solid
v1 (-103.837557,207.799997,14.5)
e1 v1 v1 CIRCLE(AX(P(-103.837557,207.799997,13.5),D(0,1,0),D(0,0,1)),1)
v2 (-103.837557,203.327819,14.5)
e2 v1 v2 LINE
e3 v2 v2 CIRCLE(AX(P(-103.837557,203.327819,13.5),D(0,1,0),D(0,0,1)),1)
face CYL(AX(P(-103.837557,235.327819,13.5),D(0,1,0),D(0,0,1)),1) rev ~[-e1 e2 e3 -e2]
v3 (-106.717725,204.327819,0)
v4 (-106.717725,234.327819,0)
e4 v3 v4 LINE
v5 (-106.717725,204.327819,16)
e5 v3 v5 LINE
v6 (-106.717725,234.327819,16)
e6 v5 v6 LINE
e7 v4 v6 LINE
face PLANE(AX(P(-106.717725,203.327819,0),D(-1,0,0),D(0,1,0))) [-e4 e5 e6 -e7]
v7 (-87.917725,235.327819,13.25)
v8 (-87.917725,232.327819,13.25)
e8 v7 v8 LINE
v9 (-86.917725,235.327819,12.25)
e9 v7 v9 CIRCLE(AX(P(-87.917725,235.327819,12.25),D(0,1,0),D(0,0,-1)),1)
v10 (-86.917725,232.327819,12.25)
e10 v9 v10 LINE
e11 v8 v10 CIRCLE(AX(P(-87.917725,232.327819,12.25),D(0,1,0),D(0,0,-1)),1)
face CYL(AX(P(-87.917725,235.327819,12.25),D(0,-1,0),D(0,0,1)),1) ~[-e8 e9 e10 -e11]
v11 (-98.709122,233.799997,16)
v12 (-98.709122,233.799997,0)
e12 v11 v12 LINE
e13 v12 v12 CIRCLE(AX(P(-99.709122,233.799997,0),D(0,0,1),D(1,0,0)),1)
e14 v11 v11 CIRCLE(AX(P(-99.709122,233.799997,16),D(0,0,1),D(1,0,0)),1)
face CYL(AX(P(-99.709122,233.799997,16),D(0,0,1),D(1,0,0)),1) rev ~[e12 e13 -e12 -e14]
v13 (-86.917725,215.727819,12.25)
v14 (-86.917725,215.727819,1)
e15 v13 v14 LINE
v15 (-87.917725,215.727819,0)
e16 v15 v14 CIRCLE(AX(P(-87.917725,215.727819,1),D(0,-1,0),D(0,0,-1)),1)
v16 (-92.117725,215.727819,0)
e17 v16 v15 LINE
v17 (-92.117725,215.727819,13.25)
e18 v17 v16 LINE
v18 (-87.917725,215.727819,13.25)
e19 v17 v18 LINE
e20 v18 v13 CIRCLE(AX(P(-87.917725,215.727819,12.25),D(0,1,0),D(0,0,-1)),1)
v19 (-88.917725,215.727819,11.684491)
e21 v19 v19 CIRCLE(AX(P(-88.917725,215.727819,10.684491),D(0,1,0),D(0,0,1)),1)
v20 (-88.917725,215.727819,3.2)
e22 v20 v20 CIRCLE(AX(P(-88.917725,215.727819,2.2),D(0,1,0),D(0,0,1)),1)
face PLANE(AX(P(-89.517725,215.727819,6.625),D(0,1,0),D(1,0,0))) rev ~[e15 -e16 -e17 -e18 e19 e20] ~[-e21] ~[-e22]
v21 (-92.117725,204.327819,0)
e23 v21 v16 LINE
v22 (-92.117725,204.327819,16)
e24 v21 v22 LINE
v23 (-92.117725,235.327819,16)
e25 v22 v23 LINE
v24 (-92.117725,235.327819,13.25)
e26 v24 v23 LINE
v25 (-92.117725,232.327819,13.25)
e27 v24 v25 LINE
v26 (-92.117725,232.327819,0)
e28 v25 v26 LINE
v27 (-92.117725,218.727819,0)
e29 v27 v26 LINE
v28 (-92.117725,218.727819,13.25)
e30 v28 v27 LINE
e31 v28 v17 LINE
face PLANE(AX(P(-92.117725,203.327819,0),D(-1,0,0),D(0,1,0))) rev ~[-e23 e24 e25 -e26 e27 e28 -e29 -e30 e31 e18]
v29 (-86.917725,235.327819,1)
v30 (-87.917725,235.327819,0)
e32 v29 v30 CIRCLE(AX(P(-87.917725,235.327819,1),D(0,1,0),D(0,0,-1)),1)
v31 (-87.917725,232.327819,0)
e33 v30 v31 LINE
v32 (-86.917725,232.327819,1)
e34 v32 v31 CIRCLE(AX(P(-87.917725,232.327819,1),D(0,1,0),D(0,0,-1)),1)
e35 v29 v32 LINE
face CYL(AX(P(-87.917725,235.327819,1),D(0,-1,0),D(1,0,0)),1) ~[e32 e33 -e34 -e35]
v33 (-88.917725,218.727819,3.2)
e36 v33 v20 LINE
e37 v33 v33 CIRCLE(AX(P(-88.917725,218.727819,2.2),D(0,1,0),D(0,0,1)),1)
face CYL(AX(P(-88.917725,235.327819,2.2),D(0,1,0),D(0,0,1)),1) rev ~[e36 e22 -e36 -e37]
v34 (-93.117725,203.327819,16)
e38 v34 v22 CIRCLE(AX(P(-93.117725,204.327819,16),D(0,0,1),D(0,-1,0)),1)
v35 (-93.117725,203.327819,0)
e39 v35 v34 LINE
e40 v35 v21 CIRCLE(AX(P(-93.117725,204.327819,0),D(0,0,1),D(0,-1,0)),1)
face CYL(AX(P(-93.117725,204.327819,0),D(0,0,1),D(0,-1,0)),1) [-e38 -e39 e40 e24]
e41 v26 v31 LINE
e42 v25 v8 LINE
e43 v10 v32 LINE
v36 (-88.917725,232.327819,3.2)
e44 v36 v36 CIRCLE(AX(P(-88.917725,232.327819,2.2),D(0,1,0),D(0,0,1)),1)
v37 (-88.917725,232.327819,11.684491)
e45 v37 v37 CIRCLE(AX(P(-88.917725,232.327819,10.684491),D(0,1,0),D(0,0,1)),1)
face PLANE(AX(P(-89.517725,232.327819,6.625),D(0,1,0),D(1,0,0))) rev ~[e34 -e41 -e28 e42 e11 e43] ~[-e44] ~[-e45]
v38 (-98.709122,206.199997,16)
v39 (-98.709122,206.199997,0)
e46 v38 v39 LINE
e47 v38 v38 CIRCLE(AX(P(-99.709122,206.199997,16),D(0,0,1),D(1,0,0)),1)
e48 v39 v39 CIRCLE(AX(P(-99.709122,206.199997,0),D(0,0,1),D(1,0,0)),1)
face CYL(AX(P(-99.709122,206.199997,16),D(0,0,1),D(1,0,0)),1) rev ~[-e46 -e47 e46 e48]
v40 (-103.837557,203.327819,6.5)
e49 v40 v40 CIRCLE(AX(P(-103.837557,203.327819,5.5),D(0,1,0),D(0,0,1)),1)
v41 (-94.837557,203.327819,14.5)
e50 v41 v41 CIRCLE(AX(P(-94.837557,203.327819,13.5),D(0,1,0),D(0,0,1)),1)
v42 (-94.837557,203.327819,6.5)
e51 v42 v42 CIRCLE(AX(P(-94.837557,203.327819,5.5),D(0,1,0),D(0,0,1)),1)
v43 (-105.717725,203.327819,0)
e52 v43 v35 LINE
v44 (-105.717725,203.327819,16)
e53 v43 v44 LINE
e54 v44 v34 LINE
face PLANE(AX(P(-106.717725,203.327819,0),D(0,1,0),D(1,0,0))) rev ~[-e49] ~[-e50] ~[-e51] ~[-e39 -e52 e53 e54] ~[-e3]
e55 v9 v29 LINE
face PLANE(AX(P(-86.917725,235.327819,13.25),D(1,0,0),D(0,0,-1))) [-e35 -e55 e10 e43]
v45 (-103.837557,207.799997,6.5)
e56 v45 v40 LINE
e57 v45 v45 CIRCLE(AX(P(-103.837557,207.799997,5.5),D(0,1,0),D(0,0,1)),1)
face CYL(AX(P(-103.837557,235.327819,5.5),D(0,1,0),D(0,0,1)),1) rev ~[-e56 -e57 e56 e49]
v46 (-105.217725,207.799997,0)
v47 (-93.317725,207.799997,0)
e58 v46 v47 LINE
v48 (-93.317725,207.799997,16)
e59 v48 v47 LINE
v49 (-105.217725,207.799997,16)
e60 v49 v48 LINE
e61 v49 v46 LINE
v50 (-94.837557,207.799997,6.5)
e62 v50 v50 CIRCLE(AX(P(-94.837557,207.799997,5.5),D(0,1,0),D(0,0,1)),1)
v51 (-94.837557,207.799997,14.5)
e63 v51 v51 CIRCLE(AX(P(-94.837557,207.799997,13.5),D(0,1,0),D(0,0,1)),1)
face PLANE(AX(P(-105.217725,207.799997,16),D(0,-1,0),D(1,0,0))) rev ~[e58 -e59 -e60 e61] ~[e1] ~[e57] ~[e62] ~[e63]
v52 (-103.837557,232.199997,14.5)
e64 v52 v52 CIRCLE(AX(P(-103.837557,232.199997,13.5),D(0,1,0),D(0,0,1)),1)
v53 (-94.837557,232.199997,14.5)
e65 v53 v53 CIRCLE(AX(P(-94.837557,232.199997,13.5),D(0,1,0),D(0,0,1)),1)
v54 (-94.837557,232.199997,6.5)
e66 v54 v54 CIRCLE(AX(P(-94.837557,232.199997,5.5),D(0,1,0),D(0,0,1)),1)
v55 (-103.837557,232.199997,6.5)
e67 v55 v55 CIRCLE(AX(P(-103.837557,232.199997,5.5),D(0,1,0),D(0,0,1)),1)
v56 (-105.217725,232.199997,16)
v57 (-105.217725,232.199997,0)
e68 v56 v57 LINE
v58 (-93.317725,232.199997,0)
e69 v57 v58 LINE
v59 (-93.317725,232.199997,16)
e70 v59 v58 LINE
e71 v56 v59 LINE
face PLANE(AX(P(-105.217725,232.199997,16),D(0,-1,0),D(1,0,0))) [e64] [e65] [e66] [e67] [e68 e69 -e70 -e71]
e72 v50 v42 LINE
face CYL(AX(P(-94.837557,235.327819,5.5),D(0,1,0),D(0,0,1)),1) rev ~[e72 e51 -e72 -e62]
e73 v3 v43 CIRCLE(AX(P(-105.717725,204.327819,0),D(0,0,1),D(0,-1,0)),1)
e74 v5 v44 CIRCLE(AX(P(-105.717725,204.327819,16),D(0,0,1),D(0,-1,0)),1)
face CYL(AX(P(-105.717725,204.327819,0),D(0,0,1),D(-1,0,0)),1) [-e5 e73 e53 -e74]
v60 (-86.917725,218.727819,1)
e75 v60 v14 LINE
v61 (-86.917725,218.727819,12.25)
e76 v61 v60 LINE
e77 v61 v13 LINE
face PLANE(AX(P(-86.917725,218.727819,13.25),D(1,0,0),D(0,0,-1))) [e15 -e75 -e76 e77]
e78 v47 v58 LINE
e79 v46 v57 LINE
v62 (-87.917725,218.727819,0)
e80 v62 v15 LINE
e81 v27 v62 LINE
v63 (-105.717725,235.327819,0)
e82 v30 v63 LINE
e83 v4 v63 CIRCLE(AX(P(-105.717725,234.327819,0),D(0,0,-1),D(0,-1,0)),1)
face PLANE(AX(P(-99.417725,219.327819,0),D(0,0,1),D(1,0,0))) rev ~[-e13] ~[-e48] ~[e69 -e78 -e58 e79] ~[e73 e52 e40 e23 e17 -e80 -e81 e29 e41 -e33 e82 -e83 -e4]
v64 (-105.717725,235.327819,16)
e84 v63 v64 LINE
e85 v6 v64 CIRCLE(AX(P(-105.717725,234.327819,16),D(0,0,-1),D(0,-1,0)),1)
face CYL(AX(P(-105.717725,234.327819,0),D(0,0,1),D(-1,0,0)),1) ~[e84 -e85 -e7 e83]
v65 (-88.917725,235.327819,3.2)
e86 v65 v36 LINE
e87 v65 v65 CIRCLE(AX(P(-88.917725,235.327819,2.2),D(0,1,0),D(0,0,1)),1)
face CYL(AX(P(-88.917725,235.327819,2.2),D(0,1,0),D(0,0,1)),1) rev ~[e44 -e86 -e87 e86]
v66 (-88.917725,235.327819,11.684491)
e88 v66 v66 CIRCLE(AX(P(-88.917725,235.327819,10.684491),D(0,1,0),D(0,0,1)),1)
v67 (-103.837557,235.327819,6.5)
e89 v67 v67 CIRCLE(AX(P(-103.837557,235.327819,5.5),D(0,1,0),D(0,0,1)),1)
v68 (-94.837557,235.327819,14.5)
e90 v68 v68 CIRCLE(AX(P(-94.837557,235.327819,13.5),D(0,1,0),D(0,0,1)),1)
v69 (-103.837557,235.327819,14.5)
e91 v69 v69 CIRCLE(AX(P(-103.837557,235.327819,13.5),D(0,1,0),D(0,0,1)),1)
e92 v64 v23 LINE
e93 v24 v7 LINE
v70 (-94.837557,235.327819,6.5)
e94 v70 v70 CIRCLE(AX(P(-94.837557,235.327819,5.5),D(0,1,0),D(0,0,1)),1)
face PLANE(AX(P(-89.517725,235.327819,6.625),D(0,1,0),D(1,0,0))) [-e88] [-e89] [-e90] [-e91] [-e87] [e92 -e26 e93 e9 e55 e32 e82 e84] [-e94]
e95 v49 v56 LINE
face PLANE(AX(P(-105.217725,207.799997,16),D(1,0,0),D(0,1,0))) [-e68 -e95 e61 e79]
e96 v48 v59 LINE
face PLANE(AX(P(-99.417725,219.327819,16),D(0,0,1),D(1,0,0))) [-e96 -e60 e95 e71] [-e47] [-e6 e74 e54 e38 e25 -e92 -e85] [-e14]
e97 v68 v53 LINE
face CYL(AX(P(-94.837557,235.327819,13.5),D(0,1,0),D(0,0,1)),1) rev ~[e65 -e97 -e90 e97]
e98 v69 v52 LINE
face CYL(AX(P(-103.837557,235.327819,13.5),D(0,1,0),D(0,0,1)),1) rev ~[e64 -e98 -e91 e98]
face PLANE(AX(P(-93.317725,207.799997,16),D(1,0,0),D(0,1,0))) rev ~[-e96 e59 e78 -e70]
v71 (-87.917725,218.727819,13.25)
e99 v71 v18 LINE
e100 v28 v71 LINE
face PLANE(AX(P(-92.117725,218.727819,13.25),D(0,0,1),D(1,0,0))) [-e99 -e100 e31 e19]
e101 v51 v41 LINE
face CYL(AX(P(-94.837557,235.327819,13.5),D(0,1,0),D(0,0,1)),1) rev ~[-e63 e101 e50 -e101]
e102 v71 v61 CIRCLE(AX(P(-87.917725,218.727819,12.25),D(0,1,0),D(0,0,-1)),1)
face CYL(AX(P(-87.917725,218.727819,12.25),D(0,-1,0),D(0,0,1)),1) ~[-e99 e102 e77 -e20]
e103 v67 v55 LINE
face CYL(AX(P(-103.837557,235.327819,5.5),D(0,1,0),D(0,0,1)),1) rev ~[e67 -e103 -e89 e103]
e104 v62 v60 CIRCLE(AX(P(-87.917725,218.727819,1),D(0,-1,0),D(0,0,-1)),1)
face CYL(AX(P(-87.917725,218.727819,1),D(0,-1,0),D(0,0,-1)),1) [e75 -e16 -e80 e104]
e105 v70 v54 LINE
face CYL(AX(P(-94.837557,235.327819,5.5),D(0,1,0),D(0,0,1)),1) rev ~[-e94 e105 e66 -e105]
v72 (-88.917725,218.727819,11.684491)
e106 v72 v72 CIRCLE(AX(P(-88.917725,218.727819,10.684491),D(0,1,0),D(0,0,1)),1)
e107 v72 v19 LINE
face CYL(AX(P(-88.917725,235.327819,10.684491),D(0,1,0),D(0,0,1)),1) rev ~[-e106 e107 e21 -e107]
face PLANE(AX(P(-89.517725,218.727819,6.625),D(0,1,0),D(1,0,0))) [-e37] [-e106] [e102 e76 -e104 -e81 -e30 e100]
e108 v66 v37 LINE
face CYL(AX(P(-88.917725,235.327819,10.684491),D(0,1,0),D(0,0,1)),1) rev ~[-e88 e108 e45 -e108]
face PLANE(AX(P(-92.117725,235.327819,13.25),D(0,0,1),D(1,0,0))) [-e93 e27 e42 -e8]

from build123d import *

# Parameters (mm, degrees)
SKETCH2_W           = 14.6
SKETCH2_H           = 32
BOSS_EXTRUDE1_DEPTH = 16
FILLET1_R           = 1
SKETCH3_W           = 11.9
SKETCH3_H           = 24.4
CUT_EXTRUDE1_DEPTH  = 16
SKETCH4_R           = 1
CUT_EXTRUDE2_DEPTH  = 16
SKETCH5_R           = 1
CUT_EXTRUDE3_DEPTH  = 113.555199241
SKETCH6_W           = 5.2
SKETCH6_H           = 13.25
BOSS_EXTRUDE2_DEPTH = 3
SKETCH7_W           = 5.2
SKETCH7_H           = 13.25
BOSS_EXTRUDE3_DEPTH = 3
SKETCH8_R           = 1
CUT_EXTRUDE4_DEPTH  = 33
FILLET2_R           = 1


with BuildPart() as part:
    # Sketch2 → Boss-Extrude1 (new body)
    with BuildSketch(Plane.XY):
        with Locations((-99.41772522, 219.327818509)):
            Rectangle(SKETCH2_W, SKETCH2_H)
    extrude(amount=BOSS_EXTRUDE1_DEPTH)

    # Fillet1
    fillet1_edges = [part.edges().sort_by_distance(p)[0] for p in [
        (-106.71772522, 235.327818509, 8),
        (-92.11772522, 203.327818509, 8),
        (-106.71772522, 203.327818509, 8),
    ]]
    fillet(fillet1_edges, radius=FILLET1_R)

    # Sketch3 → Cut-Extrude1 (cut)
    with BuildSketch(Plane.XY.offset(16)):
        with Locations((-99.26772522, 219.999996948)):
            Rectangle(SKETCH3_W, SKETCH3_H)
    extrude(amount=-CUT_EXTRUDE1_DEPTH, mode=Mode.SUBTRACT)

    # Sketch4 → Cut-Extrude2 (cut)
    with BuildSketch(Plane.XY.offset(16)):
        with Locations((-99.709122305, 233.799996948)):
            Circle(SKETCH4_R)
        with Locations((-99.709122305, 206.199996948)):
            Circle(SKETCH4_R)
    extrude(amount=-CUT_EXTRUDE2_DEPTH, mode=Mode.SUBTRACT)

    # Sketch5 → Cut-Extrude3 (cut, through all)
    with BuildSketch(Plane(origin=(0, 235.327818509, 0), x_dir=(1, 0, 0), z_dir=(0, 1, 0))):
        with Locations(Location((-103.837557169, -5.5, 0), (0, 0, 270))):
            Circle(SKETCH5_R)
        with Locations(Location((-94.837557169, -5.5, 0), (0, 0, 270))):
            Circle(SKETCH5_R)
        with Locations(Location((-94.837557169, -13.5, 0), (0, 0, 270))):
            Circle(SKETCH5_R)
        with Locations(Location((-103.837557169, -13.5, 0), (0, 0, 270))):
            Circle(SKETCH5_R)
    extrude(amount=-CUT_EXTRUDE3_DEPTH, mode=Mode.SUBTRACT)

    # Sketch6 → Boss-Extrude2 (add)
    with BuildSketch(Plane(origin=(0, 235.327818509, 0), x_dir=(1, 0, 0), z_dir=(0, 1, 0))):
        with Locations((-89.51772522, -6.625)):
            Rectangle(SKETCH6_W, SKETCH6_H)
    extrude(amount=-BOSS_EXTRUDE2_DEPTH)

    # Sketch7 → Boss-Extrude3 (add)
    with BuildSketch(Plane(origin=(0, 218.727818509, 0), x_dir=(1, 0, 0), z_dir=(0, 1, 0))):
        with Locations((-89.51772522, -6.625)):
            Rectangle(SKETCH7_W, SKETCH7_H)
    extrude(amount=-BOSS_EXTRUDE3_DEPTH)

    # Sketch8 → Cut-Extrude4 (cut)
    with BuildSketch(Plane(origin=(0, 235.327818509, 0), x_dir=(1, 0, 0), z_dir=(0, 1, 0))):
        with Locations(Location((-88.91772522, -2.2, 0), (0, 0, 270))):
            Circle(SKETCH8_R)
        with Locations(Location((-88.91772522, -10.684490828, 0), (0, 0, 270))):
            Circle(SKETCH8_R)
    extrude(amount=-CUT_EXTRUDE4_DEPTH, mode=Mode.SUBTRACT)

    # Fillet2
    fillet2_edges = [part.edges().sort_by_distance(p)[0] for p in [
        (-86.91772522, 217.227818509, 0),
        (-86.91772522, 217.227818509, 13.25),
        (-86.91772522, 233.827818509, 0),
        (-86.91772522, 233.827818509, 13.25),
    ]]
    fillet(fillet2_edges, radius=FILLET2_R)


solid = part.part
